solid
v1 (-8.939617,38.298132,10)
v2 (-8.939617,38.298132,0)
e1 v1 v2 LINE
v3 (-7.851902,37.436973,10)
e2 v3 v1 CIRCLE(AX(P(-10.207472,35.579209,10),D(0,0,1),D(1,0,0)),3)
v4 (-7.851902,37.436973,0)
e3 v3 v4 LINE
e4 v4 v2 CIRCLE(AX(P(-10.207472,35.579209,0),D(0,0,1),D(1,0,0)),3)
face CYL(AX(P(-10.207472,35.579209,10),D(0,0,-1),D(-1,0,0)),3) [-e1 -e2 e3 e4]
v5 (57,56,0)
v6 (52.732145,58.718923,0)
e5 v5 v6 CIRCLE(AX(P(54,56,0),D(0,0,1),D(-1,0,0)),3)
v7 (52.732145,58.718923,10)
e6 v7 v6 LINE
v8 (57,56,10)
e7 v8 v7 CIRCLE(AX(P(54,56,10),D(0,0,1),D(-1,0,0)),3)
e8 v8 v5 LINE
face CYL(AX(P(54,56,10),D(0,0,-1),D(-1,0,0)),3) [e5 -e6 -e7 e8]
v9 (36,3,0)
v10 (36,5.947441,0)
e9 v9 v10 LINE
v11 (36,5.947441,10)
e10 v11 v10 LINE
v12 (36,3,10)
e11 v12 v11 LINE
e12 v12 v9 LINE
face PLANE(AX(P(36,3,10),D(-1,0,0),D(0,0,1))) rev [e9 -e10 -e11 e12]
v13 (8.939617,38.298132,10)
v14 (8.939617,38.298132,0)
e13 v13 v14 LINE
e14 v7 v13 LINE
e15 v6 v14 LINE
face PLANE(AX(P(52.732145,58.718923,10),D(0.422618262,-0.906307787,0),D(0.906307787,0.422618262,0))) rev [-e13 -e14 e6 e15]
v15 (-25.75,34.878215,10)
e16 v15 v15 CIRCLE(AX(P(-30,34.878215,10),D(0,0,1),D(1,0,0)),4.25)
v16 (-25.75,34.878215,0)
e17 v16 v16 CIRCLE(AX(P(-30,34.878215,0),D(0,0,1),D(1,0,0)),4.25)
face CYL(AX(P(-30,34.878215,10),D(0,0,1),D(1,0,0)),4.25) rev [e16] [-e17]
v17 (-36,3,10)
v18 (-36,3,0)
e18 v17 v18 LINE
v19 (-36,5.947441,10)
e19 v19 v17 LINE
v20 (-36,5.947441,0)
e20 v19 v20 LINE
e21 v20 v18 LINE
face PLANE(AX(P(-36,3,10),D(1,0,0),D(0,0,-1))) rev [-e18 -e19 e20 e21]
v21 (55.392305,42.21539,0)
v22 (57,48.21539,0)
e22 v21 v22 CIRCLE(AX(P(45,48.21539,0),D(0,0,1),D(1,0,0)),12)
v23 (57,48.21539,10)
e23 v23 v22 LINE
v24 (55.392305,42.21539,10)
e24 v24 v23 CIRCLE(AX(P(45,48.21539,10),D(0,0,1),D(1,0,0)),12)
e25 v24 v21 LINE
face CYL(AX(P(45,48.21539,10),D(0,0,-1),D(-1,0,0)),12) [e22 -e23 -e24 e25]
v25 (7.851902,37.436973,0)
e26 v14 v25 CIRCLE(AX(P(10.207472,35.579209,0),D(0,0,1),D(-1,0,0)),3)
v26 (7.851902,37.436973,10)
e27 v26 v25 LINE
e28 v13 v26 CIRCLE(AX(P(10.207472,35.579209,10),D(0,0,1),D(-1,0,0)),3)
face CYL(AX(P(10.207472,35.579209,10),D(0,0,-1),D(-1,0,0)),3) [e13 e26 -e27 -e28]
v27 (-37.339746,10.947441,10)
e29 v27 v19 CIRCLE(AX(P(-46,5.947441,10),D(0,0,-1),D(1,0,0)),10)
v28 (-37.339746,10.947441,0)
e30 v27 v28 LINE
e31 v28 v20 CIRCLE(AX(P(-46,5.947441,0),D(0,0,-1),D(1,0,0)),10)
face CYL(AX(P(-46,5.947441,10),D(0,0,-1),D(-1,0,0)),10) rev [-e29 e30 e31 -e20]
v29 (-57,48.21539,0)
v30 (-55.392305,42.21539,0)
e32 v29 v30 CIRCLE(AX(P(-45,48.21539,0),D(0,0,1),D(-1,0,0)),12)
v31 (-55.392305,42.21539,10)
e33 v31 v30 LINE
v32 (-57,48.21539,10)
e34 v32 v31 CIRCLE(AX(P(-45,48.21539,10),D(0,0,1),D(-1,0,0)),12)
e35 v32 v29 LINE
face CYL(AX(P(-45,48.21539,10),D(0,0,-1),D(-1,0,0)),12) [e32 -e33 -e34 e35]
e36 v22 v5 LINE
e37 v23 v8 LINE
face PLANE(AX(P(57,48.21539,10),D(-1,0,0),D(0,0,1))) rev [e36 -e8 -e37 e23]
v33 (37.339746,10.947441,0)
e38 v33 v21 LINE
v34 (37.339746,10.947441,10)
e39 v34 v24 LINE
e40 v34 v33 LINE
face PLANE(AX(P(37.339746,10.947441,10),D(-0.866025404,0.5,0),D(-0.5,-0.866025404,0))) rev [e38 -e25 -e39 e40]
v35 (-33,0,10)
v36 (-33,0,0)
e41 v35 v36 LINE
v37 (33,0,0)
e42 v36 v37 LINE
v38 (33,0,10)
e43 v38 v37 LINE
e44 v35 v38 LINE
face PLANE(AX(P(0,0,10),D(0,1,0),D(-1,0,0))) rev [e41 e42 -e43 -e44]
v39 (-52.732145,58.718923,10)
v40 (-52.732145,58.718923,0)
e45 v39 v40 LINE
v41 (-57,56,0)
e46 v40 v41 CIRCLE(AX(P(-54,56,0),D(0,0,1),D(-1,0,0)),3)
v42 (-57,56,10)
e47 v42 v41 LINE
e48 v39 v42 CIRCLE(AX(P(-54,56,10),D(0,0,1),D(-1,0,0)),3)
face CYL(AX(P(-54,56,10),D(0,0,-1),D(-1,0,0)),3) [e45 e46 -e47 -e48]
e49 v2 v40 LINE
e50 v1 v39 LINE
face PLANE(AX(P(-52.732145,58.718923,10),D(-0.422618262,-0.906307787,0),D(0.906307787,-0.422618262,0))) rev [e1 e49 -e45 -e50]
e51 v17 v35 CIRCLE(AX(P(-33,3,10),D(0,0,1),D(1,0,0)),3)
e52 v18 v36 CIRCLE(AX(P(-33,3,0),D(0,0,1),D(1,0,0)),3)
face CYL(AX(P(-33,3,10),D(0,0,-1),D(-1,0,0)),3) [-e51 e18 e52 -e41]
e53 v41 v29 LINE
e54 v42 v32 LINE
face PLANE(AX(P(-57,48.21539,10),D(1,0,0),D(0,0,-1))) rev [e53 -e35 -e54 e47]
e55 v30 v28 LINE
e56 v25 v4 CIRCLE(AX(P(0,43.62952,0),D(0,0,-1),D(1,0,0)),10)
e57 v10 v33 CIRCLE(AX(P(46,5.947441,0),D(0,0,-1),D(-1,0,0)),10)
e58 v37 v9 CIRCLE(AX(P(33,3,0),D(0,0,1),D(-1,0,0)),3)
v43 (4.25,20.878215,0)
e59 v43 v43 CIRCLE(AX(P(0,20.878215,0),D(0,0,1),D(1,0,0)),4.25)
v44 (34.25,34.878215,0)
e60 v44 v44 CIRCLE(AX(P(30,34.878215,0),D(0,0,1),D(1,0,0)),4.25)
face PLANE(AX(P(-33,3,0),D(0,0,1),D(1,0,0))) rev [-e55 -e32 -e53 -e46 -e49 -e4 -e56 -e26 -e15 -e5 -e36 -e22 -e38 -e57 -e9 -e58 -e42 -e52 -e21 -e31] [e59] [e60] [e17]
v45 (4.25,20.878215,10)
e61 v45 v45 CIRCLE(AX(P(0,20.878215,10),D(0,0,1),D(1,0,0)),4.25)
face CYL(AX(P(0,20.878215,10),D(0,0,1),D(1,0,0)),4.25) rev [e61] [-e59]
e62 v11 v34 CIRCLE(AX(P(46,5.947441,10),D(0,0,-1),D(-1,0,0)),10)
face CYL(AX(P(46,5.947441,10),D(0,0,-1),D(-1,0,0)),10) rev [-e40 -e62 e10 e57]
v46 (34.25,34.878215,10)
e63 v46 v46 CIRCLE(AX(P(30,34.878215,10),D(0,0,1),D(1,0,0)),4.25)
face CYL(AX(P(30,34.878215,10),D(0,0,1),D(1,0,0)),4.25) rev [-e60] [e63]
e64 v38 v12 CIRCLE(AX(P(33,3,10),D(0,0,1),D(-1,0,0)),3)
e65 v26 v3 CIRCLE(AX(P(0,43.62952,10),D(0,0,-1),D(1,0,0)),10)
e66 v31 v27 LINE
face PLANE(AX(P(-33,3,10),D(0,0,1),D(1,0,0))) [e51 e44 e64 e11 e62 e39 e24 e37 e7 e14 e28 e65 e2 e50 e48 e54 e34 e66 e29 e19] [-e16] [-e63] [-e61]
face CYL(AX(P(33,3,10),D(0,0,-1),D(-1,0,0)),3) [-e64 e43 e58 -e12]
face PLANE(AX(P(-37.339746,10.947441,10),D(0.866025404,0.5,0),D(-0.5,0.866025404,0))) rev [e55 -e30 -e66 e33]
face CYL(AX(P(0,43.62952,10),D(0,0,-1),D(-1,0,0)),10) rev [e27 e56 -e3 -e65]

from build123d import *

# Parameters (mm, degrees)
EXTRUDE1_DEPTH         = 10
M10_GEVINDHULLER_D     = 8.5
M10_GEVINDHULLER_DEPTH = 22
M10_GEVINDHULLER_TIP   = 2.553657631


with BuildPart() as part:
    # Sketch1 → Extrude1 (new body)
    with BuildSketch(Plane.XY):
        with BuildLine():
            Line((-37.339745962, 10.947441117), (-55.392304845, 42.215390309))
            ThreePointArc((-55.392304845, 42.215390309), (-56.591109915, 45.109561768), (-57, 48.215390309))
            Line((-57, 48.215390309), (-57, 56))
            ThreePointArc((-57, 56), (-55.611898825, 58.530174337), (-52.732145215, 58.718923361))
            Line((-52.732145215, 58.718923361), (-8.939617358, 38.298132251))
            ThreePointArc((-8.939617358, 38.298132251), (-8.345295598, 37.931292757), (-7.851901649, 37.436973043))
            ThreePointArc((-7.851901649, 37.436973043), (0, 33.629520217), (7.851901649, 37.436973043))
            ThreePointArc((7.851901649, 37.436973043), (8.345295598, 37.931292757), (8.939617358, 38.298132251))
            Line((8.939617358, 38.298132251), (52.732145215, 58.718923361))
            ThreePointArc((52.732145215, 58.718923361), (55.611898825, 58.530174337), (57, 56))
            Line((57, 56), (57, 48.215390309))
            ThreePointArc((57, 48.215390309), (56.591109915, 45.109561768), (55.392304845, 42.215390309))
            Line((55.392304845, 42.215390309), (37.339745962, 10.947441117))
            ThreePointArc((37.339745962, 10.947441117), (36.340741737, 8.535631568), (36, 5.947441117))
            Line((36, 5.947441117), (36, 3))
            ThreePointArc((36, 3), (35.121320344, 0.878679656), (33, 0))
            Line((33, 0), (0, 0))
            Line((0, 0), (-33, 0))
            ThreePointArc((-33, 0), (-35.121320344, 0.878679656), (-36, 3))
            Line((-36, 3), (-36, 5.947441117))
            ThreePointArc((-36, 5.947441117), (-36.340741737, 8.535631568), (-37.339745962, 10.947441117))
        make_face()
    extrude(amount=EXTRUDE1_DEPTH)

    # M10 gevindhuller
    with Locations(Plane.XY.offset(10)):
        with Locations((-30, 34.878214934), (30, 34.878214934), (0, 20.878214934)):
            Hole(M10_GEVINDHULLER_D / 2, depth=M10_GEVINDHULLER_DEPTH)
            with Locations((0, 0, -(M10_GEVINDHULLER_DEPTH + M10_GEVINDHULLER_TIP / 2))):  # 118° drill point
                Cone(0, M10_GEVINDHULLER_D / 2, M10_GEVINDHULLER_TIP, mode=Mode.SUBTRACT)


solid = part.part
